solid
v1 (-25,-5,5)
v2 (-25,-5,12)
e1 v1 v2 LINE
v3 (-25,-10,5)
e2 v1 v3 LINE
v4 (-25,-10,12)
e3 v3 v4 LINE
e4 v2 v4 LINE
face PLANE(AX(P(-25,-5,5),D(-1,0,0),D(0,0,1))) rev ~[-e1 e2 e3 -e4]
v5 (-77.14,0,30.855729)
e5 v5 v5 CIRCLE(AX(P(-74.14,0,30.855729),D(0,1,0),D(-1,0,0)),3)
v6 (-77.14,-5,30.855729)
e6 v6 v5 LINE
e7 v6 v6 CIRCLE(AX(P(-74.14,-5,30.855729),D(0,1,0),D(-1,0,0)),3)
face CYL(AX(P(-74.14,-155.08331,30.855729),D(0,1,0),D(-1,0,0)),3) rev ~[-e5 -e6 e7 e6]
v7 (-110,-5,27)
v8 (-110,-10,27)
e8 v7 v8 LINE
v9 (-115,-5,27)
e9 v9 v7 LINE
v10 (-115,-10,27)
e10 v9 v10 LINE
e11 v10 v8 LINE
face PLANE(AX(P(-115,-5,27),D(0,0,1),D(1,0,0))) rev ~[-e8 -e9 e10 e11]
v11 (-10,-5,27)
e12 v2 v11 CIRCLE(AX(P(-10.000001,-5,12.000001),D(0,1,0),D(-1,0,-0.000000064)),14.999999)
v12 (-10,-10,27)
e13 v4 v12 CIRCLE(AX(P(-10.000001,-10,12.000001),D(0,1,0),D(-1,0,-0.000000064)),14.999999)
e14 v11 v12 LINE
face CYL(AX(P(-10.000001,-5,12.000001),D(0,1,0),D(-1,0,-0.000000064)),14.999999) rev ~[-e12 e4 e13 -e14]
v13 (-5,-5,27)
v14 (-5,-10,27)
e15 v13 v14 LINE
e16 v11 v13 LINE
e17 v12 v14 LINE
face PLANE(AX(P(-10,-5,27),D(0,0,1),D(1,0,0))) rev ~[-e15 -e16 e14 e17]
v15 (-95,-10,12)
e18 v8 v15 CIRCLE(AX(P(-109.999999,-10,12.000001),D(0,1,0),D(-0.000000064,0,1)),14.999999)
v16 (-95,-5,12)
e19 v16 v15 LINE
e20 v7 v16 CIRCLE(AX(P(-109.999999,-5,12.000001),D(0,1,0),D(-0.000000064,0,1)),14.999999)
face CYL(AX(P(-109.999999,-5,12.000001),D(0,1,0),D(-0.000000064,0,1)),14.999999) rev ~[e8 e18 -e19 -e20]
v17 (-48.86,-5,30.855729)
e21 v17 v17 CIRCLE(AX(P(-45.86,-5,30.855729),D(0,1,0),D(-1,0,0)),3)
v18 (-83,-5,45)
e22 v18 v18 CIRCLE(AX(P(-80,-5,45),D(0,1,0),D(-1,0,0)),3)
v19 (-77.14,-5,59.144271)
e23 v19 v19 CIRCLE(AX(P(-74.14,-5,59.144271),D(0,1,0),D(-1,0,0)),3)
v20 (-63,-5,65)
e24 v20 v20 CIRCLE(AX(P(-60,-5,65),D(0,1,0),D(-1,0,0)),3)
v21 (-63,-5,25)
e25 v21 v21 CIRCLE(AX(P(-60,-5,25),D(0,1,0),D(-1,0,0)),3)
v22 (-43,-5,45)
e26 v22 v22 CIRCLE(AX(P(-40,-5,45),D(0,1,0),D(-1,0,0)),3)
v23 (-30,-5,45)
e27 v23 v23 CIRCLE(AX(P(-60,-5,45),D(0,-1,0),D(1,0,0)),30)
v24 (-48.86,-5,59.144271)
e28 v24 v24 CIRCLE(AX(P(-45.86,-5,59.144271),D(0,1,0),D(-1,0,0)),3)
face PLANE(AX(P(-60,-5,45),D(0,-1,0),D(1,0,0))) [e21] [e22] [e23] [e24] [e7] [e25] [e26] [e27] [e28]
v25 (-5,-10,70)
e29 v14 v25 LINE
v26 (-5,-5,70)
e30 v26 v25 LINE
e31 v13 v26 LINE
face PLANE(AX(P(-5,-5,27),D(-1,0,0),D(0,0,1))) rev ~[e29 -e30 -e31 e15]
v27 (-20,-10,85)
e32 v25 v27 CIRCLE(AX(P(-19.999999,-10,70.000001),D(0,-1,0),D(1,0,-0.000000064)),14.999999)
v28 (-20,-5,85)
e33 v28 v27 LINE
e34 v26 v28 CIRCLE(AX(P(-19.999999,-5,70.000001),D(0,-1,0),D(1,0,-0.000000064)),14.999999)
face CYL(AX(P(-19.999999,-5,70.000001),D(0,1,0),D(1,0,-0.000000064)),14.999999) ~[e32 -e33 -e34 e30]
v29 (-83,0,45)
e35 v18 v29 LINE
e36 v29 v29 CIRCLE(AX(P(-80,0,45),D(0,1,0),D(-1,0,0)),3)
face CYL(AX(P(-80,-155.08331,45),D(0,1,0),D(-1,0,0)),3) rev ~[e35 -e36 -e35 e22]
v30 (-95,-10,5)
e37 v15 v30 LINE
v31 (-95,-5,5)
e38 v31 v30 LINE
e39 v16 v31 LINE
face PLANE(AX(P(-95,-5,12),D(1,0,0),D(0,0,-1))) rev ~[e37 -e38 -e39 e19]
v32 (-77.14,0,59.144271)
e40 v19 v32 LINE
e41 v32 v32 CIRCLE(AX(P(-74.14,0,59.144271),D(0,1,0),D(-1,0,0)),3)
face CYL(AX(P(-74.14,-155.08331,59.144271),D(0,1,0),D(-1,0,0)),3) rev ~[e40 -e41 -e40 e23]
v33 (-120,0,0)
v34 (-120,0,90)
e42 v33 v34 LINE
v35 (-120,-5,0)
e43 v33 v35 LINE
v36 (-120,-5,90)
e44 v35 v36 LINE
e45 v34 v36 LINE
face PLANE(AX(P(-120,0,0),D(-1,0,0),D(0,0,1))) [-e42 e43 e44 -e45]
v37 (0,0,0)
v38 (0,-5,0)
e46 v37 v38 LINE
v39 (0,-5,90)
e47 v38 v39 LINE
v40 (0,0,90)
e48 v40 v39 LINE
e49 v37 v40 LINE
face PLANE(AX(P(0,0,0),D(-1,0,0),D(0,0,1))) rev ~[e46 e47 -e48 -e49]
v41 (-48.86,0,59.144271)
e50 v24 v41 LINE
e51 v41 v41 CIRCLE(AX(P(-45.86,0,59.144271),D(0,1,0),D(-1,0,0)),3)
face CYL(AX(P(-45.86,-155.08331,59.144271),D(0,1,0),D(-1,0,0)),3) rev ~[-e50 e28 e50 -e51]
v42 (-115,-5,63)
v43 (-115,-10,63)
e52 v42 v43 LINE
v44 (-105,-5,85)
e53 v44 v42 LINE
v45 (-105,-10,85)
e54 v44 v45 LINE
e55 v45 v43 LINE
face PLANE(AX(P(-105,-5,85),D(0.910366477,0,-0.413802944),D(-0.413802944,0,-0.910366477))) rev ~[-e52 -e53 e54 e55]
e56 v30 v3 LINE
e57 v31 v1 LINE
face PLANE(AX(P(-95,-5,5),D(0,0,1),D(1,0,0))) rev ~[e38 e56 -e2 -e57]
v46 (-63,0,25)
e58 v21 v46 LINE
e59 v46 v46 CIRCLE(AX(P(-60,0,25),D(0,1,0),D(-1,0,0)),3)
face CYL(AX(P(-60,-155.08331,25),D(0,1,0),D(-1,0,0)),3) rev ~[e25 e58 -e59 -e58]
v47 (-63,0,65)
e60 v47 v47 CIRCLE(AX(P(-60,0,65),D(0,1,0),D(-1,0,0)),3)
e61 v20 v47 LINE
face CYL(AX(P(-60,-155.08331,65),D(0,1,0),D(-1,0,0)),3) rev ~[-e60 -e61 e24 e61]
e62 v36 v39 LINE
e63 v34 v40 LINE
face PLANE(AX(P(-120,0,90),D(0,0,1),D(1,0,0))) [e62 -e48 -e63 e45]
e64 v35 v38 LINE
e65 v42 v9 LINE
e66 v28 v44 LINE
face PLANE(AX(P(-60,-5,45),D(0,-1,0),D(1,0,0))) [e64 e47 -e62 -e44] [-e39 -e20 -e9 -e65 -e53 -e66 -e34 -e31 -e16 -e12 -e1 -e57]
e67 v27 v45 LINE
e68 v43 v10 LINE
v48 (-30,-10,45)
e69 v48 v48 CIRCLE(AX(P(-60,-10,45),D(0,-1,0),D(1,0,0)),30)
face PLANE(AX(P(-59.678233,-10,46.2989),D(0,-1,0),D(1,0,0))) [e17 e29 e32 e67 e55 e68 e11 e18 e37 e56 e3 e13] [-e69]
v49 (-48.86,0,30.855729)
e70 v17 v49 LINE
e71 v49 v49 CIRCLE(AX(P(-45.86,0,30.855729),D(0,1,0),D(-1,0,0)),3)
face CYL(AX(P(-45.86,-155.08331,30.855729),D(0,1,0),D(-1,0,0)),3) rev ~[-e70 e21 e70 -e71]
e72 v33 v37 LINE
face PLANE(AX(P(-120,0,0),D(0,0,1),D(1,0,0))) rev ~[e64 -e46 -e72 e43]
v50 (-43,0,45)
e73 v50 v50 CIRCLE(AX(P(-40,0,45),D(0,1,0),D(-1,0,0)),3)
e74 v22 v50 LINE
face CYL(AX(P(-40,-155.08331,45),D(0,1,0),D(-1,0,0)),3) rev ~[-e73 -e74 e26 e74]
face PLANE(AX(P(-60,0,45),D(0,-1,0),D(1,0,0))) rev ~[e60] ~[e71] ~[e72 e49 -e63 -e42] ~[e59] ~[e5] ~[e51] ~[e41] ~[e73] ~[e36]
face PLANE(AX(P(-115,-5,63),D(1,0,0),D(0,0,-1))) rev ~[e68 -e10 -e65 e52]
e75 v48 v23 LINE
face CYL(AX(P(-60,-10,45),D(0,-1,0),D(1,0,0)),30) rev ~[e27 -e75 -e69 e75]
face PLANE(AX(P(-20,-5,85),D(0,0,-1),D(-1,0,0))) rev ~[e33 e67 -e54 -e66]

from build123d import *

# Parameters (mm, degrees)
F0_W     = 120
F0_H     = 90
F1_DEPTH = 5
F3_D     = 6
F5_DEPTH = 5
F6_R     = 30
F7_DEPTH = 5


with BuildPart() as f1:
    # F0 (on Front) → F1 (new body)
    with BuildSketch(Plane.XZ):
        with Locations((-60, 45)):
            Rectangle(F0_W, F0_H)
    extrude(amount=F1_DEPTH)

    # F3 (through all)
    with Locations(Plane.XZ.offset(5)):
        with Locations((-60, 65), (-74.14, 59.144271), (-80, 45), (-74.14, 30.855729), (-60, 25), (-45.86, 30.855729), (-40, 45), (-45.86, 59.144271)):
            Hole(F3_D / 2)

    # F4 (on face) → F5 (join)
    with BuildSketch(Plane.XZ.offset(5)):
        with BuildLine():
            Line((-95, 5), (-25, 5))
            Line((-25, 5), (-25, 12))
            ThreePointArc((-25, 12), (-20.606602, 22.606602), (-10, 27))
            Line((-10, 27), (-5, 27))
            Line((-5, 27), (-5, 70))
            ThreePointArc((-5, 70), (-9.393398, 80.606602), (-20, 85))
            Line((-20, 85), (-105, 85))
            Line((-105, 85), (-115, 63))
            Line((-115, 63), (-115, 27))
            Line((-115, 27), (-110, 27))
            ThreePointArc((-110, 27), (-99.393398, 22.606602), (-95, 12))
            Line((-95, 12), (-95, 5))
        make_face()
    extrude(amount=F5_DEPTH)

    # F6 (on face) → F7 (cut)
    with BuildSketch(Plane.XZ.offset(10)):
        with Locations((-60, 45)):
            Circle(F6_R)
    extrude(amount=-F7_DEPTH, mode=Mode.SUBTRACT)


solid = f1.part
